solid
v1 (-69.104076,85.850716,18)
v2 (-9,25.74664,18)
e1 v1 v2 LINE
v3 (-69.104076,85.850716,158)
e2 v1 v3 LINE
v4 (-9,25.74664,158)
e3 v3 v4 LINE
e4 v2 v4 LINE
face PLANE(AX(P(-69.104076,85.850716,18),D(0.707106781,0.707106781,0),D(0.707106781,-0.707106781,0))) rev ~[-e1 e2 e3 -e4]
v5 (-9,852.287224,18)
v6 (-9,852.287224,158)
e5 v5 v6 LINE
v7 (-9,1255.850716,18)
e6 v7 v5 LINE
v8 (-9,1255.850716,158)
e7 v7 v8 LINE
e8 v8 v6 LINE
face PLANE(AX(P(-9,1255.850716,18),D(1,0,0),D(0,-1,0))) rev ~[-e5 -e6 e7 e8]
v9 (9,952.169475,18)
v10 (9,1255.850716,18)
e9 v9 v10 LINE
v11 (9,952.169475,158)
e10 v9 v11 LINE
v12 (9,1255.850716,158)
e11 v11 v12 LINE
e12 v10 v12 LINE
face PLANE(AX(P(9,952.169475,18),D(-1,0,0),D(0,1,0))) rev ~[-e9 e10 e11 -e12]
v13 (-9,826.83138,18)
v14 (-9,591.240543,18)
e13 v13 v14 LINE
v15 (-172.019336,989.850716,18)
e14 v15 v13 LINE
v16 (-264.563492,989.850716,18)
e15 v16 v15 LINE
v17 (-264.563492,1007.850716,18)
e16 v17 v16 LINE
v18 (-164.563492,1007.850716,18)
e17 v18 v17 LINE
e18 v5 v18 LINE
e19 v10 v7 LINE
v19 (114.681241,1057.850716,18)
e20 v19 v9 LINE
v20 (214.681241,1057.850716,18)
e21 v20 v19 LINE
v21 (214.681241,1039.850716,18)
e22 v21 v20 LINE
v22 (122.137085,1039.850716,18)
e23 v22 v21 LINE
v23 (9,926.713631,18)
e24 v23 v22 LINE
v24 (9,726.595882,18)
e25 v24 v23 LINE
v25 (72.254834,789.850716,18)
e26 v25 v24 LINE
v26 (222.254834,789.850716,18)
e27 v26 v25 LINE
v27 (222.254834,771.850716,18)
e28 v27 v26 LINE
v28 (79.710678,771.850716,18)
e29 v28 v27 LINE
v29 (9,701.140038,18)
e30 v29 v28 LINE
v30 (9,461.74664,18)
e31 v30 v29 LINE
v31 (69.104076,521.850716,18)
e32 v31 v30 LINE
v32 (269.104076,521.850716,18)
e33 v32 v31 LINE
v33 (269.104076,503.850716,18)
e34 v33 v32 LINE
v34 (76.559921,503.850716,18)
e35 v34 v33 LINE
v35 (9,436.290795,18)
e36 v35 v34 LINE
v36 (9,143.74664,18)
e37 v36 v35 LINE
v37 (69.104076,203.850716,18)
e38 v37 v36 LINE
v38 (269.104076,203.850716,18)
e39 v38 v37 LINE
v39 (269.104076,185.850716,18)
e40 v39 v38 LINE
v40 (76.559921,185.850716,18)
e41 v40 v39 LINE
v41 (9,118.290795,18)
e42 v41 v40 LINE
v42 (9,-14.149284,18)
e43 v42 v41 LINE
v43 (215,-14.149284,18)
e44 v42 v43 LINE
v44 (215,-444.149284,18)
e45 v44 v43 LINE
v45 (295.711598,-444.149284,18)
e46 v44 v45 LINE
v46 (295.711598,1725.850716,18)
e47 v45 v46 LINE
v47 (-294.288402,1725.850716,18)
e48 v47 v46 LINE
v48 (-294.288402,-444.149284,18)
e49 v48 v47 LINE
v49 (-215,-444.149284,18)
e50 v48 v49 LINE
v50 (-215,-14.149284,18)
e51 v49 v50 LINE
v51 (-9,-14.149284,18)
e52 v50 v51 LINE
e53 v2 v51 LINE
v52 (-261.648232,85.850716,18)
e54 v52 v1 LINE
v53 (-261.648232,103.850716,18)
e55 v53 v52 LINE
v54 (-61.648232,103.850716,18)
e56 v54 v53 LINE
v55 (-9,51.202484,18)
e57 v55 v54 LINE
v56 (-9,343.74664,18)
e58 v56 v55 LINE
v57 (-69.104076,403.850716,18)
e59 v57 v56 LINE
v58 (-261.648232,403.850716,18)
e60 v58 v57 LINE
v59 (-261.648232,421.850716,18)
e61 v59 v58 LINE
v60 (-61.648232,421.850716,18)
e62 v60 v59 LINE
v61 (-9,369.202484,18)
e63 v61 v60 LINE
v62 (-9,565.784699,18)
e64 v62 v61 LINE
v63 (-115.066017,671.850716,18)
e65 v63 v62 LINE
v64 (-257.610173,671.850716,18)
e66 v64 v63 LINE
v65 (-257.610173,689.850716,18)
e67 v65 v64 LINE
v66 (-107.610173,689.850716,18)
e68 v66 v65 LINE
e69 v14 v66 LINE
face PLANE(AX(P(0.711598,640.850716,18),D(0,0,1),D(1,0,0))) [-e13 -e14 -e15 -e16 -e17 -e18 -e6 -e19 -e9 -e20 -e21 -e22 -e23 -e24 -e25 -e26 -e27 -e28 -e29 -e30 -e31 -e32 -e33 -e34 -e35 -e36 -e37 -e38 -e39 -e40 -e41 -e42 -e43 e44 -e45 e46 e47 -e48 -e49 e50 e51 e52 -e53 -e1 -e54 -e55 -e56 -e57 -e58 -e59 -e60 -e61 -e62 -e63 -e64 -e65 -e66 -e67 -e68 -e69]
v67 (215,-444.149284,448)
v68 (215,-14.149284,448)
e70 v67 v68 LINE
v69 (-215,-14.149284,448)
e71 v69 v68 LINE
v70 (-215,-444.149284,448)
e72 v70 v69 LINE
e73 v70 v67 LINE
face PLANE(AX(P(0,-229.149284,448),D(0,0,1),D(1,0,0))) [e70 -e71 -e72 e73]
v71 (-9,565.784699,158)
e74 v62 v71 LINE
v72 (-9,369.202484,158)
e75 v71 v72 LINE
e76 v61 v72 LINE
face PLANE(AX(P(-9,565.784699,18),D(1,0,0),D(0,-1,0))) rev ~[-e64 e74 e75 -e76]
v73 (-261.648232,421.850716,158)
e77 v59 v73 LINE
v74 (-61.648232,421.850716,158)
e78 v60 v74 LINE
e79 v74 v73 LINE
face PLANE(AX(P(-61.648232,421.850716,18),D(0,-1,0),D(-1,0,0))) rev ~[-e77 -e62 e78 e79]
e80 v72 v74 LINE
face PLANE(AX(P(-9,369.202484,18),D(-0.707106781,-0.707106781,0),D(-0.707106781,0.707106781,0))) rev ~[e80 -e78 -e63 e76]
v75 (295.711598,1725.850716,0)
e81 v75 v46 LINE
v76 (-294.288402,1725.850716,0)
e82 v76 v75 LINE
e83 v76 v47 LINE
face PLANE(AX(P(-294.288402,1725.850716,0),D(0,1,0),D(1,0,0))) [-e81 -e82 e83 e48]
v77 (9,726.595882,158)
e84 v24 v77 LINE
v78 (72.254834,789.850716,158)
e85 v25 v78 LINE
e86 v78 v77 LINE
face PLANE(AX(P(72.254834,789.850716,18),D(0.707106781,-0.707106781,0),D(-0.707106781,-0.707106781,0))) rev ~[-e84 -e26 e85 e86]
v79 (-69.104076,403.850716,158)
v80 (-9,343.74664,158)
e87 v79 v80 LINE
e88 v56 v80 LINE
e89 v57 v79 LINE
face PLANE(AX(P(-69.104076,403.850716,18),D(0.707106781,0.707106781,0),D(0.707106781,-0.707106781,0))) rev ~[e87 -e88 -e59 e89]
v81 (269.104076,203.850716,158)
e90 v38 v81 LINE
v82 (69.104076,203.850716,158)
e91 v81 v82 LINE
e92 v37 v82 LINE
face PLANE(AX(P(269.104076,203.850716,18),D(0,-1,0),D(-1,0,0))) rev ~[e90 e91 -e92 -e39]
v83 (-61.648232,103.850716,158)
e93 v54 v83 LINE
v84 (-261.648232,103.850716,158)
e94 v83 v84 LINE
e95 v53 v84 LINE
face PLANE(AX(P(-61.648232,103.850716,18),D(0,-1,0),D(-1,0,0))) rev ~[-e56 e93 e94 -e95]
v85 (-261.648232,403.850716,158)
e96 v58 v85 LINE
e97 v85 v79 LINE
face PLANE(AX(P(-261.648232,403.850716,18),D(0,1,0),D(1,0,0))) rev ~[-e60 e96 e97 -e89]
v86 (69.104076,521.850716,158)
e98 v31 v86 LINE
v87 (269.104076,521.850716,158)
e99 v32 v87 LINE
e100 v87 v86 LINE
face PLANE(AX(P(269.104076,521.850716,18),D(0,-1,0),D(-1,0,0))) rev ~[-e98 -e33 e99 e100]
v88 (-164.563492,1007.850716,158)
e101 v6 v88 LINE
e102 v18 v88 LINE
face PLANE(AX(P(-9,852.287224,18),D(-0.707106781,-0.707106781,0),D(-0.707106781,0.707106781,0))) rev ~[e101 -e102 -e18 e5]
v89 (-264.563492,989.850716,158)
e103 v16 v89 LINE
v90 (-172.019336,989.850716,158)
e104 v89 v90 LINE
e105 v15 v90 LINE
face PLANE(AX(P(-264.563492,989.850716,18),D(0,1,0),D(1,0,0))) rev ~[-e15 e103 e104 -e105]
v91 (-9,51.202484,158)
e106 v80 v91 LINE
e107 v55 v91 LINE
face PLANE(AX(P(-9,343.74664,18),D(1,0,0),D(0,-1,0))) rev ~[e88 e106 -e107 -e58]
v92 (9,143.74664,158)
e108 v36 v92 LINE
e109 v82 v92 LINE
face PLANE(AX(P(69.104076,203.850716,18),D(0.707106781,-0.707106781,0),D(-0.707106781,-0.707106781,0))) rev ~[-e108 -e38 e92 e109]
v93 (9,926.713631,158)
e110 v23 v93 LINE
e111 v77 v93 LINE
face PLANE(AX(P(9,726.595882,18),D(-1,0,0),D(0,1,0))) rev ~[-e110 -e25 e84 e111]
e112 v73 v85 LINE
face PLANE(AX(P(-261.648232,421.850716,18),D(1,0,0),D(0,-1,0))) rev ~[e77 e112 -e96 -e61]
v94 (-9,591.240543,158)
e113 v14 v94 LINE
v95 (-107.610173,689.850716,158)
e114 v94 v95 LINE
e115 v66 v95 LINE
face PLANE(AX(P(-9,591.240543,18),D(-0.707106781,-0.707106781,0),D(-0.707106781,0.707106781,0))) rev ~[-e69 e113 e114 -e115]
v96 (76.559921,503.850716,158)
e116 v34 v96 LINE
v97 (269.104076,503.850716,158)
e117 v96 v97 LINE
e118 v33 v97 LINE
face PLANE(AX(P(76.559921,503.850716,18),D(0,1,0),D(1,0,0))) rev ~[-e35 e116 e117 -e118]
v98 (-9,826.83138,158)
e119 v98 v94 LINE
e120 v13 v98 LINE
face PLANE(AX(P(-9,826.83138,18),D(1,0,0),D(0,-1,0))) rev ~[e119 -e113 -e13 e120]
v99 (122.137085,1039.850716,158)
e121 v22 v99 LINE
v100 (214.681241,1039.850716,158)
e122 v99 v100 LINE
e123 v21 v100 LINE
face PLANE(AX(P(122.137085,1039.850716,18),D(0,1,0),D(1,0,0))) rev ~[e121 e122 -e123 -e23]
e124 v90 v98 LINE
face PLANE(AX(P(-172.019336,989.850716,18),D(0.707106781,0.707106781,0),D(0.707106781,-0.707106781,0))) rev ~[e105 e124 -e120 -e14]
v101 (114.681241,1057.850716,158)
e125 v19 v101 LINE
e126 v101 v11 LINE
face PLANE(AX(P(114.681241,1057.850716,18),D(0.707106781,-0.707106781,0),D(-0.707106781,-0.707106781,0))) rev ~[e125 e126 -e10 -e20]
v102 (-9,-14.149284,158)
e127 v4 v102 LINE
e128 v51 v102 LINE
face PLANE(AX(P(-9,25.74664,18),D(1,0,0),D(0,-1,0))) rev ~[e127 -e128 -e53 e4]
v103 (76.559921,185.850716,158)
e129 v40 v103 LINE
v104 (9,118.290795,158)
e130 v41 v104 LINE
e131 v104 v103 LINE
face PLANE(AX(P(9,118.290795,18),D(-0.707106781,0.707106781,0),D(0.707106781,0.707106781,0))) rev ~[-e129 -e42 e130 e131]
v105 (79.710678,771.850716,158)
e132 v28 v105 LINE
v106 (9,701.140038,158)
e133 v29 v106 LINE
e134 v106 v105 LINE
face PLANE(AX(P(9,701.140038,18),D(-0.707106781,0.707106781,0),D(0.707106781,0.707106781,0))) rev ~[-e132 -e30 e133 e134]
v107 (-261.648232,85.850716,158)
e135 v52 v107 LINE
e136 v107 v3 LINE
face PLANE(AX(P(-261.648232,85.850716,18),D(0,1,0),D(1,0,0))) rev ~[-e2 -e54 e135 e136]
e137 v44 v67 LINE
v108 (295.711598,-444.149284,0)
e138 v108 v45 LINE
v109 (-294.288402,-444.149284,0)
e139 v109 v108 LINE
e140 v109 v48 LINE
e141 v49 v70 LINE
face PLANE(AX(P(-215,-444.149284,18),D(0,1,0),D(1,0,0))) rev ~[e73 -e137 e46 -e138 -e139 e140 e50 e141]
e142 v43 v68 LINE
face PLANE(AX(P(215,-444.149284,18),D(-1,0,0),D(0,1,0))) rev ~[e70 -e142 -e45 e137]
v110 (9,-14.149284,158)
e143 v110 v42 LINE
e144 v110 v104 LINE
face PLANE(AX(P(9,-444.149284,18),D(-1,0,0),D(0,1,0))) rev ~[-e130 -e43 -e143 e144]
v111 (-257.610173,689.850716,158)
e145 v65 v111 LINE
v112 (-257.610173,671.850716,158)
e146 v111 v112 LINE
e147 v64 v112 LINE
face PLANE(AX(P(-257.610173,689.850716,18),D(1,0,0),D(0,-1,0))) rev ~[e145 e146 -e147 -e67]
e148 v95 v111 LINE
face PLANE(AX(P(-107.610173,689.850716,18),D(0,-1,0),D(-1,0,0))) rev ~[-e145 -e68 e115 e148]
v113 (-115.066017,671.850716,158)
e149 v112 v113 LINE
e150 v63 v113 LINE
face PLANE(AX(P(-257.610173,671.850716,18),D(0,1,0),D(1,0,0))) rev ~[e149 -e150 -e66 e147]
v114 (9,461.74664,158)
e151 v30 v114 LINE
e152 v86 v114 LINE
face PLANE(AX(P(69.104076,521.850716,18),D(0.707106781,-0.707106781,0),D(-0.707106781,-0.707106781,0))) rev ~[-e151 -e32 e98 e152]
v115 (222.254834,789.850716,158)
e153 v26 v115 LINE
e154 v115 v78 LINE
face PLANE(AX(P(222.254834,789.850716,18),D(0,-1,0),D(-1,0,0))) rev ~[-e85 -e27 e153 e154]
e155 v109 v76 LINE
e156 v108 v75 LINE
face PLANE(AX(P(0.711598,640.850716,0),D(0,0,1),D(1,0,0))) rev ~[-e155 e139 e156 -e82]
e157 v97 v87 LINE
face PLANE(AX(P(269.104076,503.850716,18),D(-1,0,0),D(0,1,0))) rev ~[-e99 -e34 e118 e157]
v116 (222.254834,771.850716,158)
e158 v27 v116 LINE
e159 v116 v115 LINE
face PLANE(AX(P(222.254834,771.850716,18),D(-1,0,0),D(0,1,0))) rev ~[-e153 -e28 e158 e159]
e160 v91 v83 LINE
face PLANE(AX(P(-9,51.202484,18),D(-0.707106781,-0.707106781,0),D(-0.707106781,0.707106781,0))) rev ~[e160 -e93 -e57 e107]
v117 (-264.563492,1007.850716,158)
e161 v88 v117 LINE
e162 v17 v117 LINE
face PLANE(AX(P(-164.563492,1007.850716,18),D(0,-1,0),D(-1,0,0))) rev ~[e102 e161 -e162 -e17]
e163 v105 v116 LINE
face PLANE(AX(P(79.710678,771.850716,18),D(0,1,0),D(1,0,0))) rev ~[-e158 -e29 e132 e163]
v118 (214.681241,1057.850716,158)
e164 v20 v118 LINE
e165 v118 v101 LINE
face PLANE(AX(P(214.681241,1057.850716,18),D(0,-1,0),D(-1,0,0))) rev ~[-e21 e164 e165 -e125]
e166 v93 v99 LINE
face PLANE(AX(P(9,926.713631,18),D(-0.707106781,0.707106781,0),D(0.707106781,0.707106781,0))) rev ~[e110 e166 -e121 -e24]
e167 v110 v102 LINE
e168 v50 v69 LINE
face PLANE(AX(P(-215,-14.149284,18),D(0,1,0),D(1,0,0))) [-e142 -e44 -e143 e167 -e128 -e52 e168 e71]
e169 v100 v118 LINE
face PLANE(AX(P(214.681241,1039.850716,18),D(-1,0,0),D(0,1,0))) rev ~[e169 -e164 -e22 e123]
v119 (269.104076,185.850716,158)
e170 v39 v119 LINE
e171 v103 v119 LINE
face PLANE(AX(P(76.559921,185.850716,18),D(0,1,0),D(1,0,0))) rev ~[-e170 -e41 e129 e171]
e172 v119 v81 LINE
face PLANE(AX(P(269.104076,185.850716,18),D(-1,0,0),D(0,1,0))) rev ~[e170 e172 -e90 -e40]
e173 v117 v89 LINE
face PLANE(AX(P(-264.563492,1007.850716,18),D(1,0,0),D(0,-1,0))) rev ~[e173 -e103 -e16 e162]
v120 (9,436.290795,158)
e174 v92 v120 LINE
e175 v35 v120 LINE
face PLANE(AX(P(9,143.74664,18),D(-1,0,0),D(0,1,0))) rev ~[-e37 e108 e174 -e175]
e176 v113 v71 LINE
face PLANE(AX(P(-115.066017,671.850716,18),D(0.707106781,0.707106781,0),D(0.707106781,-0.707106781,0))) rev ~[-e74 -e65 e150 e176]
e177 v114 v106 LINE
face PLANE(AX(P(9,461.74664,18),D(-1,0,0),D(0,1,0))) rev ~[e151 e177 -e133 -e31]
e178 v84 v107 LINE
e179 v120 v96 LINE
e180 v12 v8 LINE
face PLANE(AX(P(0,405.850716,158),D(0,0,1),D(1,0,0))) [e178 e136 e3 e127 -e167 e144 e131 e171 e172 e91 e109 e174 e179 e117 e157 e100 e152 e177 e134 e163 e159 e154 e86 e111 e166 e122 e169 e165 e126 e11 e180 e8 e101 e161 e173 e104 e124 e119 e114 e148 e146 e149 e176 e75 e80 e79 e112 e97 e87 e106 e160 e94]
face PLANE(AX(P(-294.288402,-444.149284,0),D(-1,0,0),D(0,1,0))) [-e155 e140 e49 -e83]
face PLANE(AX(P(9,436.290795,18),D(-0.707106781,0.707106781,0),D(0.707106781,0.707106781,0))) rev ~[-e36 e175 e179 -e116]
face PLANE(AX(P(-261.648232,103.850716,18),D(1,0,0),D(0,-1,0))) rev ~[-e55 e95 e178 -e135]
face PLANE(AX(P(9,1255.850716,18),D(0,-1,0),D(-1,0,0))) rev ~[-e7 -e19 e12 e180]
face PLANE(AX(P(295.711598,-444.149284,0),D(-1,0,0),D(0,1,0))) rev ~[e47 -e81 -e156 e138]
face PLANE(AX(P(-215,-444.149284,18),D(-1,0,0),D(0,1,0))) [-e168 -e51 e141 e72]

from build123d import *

# Parameters (mm, degrees)
F0_W     = 590
F0_H     = 2170
F1_DEPTH = 18
F3_DEPTH = 140
F4_W     = 430
F4_H     = 430
F5_DEPTH = 430


with BuildPart() as f1:
    # F0 (on Top) → F1 (new body)
    with BuildSketch(Plane.XY):
        with Locations((0.711598, 640.850716)):
            Rectangle(F0_W, F0_H)
    extrude(amount=F1_DEPTH)

    # F2 (on face) → F3 (join)
    with BuildSketch(Plane.XY.offset(18)):
        Polygon((-9, 25.74664), (-9, -444.149284), (9, -444.149284), (9, 118.290795), (9, 143.74664), (9, 436.290795), (9, 461.74664), (9, 701.140038), (9, 726.595882), (9, 926.713631), (9, 952.169475), (9, 1255.850716), (-9, 1255.850716), (-9, 852.287224), (-9, 826.83138), (-9, 591.240543), (-9, 565.784699), (-9, 369.202484), (-9, 343.74664), (-9, 51.202484), align=None)
        Polygon((-69.104076, 85.850716), (-9, 25.74664), (-9, 51.202484), (-61.648232, 103.850716), (-261.648232, 103.850716), (-261.648232, 85.850716), align=None)
        Polygon((9, 143.74664), (9, 118.290795), (76.559921, 185.850716), (269.104076, 185.850716), (269.104076, 203.850716), (69.104076, 203.850716), align=None)
        Polygon((-69.104076, 403.850716), (-9, 343.74664), (-9, 369.202484), (-61.648232, 421.850716), (-261.648232, 421.850716), (-261.648232, 403.850716), align=None)
        Polygon((9, 461.74664), (9, 436.290795), (76.559921, 503.850716), (269.104076, 503.850716), (269.104076, 521.850716), (69.104076, 521.850716), align=None)
        Polygon((-115.066017, 671.850716), (-9, 565.784699), (-9, 591.240543), (-107.610173, 689.850716), (-257.610173, 689.850716), (-257.610173, 671.850716), align=None)
        Polygon((9, 726.595882), (9, 701.140038), (79.710678, 771.850716), (222.254834, 771.850716), (222.254834, 789.850716), (72.254834, 789.850716), align=None)
        Polygon((-172.019336, 989.850716), (-9, 826.83138), (-9, 852.287224), (-164.563492, 1007.850716), (-264.563492, 1007.850716), (-264.563492, 989.850716), align=None)
        Polygon((9, 952.169475), (9, 926.713631), (122.137085, 1039.850716), (214.681241, 1039.850716), (214.681241, 1057.850716), (114.681241, 1057.850716), align=None)
    extrude(amount=F3_DEPTH)

    # F4 (on face) → F5 (join)
    with BuildSketch(Plane.XY.offset(18)):
        with Locations((0, -229.149284)):
            Rectangle(F4_W, F4_H)
    extrude(amount=F5_DEPTH)


solid = f1.part
